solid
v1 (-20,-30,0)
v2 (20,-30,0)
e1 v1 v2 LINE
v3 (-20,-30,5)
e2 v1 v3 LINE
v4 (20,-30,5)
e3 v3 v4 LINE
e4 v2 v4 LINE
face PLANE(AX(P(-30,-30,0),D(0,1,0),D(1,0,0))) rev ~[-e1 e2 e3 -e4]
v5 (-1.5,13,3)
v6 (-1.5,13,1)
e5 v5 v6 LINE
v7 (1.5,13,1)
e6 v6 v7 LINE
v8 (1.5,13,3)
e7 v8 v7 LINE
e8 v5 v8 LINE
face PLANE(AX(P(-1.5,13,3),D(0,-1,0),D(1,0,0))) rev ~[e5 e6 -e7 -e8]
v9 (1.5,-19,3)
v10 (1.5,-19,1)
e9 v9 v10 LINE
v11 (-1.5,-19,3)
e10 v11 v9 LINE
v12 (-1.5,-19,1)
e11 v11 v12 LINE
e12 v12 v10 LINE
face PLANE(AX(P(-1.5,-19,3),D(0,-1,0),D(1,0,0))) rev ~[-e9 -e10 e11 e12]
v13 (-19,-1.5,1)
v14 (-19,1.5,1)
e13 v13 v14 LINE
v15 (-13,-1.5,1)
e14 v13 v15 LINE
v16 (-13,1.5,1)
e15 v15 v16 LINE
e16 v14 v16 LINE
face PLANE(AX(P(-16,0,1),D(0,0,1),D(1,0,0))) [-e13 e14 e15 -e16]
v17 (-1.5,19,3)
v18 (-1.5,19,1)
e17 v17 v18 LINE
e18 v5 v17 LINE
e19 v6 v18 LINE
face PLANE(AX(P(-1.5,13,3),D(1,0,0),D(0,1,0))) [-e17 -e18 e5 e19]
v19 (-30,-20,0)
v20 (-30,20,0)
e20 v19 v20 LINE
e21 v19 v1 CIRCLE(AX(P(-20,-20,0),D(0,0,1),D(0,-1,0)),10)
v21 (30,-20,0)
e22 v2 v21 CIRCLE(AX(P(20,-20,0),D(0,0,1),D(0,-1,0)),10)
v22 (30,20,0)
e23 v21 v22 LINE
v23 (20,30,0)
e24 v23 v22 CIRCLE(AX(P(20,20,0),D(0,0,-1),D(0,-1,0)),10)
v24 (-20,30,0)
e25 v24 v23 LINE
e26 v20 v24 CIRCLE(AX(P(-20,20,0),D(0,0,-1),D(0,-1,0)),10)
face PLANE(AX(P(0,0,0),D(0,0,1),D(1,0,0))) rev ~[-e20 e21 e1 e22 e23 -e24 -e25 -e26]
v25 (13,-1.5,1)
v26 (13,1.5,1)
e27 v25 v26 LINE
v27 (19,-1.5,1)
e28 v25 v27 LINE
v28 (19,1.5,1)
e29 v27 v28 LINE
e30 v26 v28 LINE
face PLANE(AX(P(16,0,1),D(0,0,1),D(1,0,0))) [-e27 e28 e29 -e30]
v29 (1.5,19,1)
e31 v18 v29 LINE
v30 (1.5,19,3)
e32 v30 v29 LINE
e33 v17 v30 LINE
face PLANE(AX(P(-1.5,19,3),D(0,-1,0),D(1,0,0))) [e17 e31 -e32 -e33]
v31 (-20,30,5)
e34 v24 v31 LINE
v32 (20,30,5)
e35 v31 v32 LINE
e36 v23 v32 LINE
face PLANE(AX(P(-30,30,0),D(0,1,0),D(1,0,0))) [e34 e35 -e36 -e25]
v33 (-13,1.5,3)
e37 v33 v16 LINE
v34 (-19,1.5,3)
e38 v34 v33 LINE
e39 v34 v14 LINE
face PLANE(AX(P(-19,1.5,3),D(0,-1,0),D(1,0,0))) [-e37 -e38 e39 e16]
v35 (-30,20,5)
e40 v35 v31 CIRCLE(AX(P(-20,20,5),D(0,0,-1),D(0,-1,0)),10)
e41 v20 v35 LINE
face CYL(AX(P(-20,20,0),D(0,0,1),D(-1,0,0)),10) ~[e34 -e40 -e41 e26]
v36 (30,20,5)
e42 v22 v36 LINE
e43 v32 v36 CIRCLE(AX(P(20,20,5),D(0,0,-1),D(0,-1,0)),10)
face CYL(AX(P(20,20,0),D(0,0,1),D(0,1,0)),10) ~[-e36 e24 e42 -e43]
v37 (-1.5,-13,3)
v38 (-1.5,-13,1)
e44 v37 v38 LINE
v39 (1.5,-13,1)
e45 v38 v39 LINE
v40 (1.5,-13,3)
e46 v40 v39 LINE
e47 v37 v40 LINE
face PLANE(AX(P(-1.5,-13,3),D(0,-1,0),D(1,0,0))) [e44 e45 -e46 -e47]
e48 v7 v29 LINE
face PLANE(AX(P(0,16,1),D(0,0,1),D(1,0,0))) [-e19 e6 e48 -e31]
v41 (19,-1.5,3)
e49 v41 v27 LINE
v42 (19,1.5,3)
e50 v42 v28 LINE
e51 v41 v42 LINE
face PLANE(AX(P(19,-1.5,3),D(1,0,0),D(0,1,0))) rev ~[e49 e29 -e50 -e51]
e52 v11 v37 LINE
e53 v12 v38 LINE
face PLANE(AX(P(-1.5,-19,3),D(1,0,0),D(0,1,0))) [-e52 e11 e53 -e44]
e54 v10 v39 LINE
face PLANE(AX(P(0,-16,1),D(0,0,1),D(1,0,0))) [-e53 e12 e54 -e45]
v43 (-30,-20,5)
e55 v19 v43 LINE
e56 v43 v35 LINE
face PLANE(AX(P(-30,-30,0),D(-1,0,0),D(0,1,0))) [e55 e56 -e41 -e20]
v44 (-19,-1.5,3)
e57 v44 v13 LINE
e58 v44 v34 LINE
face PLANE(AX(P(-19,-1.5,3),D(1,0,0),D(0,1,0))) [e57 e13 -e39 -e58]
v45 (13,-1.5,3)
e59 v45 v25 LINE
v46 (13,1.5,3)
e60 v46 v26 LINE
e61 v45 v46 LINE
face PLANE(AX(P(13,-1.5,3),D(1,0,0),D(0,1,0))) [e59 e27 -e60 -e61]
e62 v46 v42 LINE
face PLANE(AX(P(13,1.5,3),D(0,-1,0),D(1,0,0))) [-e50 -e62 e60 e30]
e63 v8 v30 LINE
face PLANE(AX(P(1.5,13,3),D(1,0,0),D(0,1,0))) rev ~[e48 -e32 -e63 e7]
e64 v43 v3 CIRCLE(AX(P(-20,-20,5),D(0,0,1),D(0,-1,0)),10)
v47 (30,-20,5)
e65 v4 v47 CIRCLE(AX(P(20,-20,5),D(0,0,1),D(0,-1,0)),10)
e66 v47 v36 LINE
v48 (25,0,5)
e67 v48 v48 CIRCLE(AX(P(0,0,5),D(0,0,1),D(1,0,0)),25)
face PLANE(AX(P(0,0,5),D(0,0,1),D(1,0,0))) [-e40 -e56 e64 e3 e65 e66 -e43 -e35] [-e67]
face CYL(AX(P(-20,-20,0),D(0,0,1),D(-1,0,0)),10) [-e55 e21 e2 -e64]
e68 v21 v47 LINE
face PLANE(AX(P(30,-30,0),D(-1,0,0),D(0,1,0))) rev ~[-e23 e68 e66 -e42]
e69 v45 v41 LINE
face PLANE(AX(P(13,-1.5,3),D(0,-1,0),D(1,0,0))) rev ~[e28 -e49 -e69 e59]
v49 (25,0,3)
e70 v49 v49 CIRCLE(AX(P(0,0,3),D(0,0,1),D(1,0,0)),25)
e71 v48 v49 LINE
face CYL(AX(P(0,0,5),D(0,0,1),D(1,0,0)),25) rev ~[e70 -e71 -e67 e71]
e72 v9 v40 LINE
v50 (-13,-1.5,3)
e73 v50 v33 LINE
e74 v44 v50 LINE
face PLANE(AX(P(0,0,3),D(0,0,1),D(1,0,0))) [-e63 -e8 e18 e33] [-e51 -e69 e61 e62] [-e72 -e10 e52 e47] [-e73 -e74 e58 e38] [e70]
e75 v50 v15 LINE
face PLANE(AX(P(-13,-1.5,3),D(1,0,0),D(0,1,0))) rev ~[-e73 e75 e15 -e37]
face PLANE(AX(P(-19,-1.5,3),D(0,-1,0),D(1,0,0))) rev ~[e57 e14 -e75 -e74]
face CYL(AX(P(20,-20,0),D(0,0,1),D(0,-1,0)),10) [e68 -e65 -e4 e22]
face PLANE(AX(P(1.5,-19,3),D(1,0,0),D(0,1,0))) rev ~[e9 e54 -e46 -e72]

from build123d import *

# Parameters (mm, degrees)
F0_W     = 60
F0_H     = 60
F1_DEPTH = 5
F2_R     = 25
F3_DEPTH = 2
F4_R     = 10
F5_R     = 10
F6_W     = 6
F6_H     = 3
F6_W_2   = 3
F6_H_2   = 6
F7_DEPTH = 2


with BuildPart() as f1:
    # F0 (on Top) → F1 (new body)
    with BuildSketch(Plane.XY):
        Rectangle(F0_W, F0_H)
    extrude(amount=F1_DEPTH)

    # F2 (on face) → F3 (cut)
    with BuildSketch(Plane.XY.offset(5)):
        Circle(F2_R)
    extrude(amount=-F3_DEPTH, mode=Mode.SUBTRACT)

    # F4
    f4_edges = [f1.edges().sort_by_distance(p)[0] for p in [
        (-30, -30, 2.5),
    ]]
    fillet(f4_edges, radius=F4_R)

    # F5
    f5_edges = [f1.edges().sort_by_distance(p)[0] for p in [
        (30, -30, 2.5),
        (30, 30, 2.5),
        (-30, 30, 2.5),
    ]]
    fillet(f5_edges, radius=F5_R)

    # F6 (on face) → F7 (cut)
    with BuildSketch(Plane.XY.offset(3)):
        with Locations((-16, 0)):
            Rectangle(F6_W, F6_H)
        with Locations((0, 16)):
            Rectangle(F6_W_2, F6_H_2)
        with Locations((16, 0)):
            Rectangle(F6_W, F6_H)
        with Locations((0, -16)):
            Rectangle(F6_W_2, F6_H_2)
    extrude(amount=-F7_DEPTH, mode=Mode.SUBTRACT)


solid = f1.part
